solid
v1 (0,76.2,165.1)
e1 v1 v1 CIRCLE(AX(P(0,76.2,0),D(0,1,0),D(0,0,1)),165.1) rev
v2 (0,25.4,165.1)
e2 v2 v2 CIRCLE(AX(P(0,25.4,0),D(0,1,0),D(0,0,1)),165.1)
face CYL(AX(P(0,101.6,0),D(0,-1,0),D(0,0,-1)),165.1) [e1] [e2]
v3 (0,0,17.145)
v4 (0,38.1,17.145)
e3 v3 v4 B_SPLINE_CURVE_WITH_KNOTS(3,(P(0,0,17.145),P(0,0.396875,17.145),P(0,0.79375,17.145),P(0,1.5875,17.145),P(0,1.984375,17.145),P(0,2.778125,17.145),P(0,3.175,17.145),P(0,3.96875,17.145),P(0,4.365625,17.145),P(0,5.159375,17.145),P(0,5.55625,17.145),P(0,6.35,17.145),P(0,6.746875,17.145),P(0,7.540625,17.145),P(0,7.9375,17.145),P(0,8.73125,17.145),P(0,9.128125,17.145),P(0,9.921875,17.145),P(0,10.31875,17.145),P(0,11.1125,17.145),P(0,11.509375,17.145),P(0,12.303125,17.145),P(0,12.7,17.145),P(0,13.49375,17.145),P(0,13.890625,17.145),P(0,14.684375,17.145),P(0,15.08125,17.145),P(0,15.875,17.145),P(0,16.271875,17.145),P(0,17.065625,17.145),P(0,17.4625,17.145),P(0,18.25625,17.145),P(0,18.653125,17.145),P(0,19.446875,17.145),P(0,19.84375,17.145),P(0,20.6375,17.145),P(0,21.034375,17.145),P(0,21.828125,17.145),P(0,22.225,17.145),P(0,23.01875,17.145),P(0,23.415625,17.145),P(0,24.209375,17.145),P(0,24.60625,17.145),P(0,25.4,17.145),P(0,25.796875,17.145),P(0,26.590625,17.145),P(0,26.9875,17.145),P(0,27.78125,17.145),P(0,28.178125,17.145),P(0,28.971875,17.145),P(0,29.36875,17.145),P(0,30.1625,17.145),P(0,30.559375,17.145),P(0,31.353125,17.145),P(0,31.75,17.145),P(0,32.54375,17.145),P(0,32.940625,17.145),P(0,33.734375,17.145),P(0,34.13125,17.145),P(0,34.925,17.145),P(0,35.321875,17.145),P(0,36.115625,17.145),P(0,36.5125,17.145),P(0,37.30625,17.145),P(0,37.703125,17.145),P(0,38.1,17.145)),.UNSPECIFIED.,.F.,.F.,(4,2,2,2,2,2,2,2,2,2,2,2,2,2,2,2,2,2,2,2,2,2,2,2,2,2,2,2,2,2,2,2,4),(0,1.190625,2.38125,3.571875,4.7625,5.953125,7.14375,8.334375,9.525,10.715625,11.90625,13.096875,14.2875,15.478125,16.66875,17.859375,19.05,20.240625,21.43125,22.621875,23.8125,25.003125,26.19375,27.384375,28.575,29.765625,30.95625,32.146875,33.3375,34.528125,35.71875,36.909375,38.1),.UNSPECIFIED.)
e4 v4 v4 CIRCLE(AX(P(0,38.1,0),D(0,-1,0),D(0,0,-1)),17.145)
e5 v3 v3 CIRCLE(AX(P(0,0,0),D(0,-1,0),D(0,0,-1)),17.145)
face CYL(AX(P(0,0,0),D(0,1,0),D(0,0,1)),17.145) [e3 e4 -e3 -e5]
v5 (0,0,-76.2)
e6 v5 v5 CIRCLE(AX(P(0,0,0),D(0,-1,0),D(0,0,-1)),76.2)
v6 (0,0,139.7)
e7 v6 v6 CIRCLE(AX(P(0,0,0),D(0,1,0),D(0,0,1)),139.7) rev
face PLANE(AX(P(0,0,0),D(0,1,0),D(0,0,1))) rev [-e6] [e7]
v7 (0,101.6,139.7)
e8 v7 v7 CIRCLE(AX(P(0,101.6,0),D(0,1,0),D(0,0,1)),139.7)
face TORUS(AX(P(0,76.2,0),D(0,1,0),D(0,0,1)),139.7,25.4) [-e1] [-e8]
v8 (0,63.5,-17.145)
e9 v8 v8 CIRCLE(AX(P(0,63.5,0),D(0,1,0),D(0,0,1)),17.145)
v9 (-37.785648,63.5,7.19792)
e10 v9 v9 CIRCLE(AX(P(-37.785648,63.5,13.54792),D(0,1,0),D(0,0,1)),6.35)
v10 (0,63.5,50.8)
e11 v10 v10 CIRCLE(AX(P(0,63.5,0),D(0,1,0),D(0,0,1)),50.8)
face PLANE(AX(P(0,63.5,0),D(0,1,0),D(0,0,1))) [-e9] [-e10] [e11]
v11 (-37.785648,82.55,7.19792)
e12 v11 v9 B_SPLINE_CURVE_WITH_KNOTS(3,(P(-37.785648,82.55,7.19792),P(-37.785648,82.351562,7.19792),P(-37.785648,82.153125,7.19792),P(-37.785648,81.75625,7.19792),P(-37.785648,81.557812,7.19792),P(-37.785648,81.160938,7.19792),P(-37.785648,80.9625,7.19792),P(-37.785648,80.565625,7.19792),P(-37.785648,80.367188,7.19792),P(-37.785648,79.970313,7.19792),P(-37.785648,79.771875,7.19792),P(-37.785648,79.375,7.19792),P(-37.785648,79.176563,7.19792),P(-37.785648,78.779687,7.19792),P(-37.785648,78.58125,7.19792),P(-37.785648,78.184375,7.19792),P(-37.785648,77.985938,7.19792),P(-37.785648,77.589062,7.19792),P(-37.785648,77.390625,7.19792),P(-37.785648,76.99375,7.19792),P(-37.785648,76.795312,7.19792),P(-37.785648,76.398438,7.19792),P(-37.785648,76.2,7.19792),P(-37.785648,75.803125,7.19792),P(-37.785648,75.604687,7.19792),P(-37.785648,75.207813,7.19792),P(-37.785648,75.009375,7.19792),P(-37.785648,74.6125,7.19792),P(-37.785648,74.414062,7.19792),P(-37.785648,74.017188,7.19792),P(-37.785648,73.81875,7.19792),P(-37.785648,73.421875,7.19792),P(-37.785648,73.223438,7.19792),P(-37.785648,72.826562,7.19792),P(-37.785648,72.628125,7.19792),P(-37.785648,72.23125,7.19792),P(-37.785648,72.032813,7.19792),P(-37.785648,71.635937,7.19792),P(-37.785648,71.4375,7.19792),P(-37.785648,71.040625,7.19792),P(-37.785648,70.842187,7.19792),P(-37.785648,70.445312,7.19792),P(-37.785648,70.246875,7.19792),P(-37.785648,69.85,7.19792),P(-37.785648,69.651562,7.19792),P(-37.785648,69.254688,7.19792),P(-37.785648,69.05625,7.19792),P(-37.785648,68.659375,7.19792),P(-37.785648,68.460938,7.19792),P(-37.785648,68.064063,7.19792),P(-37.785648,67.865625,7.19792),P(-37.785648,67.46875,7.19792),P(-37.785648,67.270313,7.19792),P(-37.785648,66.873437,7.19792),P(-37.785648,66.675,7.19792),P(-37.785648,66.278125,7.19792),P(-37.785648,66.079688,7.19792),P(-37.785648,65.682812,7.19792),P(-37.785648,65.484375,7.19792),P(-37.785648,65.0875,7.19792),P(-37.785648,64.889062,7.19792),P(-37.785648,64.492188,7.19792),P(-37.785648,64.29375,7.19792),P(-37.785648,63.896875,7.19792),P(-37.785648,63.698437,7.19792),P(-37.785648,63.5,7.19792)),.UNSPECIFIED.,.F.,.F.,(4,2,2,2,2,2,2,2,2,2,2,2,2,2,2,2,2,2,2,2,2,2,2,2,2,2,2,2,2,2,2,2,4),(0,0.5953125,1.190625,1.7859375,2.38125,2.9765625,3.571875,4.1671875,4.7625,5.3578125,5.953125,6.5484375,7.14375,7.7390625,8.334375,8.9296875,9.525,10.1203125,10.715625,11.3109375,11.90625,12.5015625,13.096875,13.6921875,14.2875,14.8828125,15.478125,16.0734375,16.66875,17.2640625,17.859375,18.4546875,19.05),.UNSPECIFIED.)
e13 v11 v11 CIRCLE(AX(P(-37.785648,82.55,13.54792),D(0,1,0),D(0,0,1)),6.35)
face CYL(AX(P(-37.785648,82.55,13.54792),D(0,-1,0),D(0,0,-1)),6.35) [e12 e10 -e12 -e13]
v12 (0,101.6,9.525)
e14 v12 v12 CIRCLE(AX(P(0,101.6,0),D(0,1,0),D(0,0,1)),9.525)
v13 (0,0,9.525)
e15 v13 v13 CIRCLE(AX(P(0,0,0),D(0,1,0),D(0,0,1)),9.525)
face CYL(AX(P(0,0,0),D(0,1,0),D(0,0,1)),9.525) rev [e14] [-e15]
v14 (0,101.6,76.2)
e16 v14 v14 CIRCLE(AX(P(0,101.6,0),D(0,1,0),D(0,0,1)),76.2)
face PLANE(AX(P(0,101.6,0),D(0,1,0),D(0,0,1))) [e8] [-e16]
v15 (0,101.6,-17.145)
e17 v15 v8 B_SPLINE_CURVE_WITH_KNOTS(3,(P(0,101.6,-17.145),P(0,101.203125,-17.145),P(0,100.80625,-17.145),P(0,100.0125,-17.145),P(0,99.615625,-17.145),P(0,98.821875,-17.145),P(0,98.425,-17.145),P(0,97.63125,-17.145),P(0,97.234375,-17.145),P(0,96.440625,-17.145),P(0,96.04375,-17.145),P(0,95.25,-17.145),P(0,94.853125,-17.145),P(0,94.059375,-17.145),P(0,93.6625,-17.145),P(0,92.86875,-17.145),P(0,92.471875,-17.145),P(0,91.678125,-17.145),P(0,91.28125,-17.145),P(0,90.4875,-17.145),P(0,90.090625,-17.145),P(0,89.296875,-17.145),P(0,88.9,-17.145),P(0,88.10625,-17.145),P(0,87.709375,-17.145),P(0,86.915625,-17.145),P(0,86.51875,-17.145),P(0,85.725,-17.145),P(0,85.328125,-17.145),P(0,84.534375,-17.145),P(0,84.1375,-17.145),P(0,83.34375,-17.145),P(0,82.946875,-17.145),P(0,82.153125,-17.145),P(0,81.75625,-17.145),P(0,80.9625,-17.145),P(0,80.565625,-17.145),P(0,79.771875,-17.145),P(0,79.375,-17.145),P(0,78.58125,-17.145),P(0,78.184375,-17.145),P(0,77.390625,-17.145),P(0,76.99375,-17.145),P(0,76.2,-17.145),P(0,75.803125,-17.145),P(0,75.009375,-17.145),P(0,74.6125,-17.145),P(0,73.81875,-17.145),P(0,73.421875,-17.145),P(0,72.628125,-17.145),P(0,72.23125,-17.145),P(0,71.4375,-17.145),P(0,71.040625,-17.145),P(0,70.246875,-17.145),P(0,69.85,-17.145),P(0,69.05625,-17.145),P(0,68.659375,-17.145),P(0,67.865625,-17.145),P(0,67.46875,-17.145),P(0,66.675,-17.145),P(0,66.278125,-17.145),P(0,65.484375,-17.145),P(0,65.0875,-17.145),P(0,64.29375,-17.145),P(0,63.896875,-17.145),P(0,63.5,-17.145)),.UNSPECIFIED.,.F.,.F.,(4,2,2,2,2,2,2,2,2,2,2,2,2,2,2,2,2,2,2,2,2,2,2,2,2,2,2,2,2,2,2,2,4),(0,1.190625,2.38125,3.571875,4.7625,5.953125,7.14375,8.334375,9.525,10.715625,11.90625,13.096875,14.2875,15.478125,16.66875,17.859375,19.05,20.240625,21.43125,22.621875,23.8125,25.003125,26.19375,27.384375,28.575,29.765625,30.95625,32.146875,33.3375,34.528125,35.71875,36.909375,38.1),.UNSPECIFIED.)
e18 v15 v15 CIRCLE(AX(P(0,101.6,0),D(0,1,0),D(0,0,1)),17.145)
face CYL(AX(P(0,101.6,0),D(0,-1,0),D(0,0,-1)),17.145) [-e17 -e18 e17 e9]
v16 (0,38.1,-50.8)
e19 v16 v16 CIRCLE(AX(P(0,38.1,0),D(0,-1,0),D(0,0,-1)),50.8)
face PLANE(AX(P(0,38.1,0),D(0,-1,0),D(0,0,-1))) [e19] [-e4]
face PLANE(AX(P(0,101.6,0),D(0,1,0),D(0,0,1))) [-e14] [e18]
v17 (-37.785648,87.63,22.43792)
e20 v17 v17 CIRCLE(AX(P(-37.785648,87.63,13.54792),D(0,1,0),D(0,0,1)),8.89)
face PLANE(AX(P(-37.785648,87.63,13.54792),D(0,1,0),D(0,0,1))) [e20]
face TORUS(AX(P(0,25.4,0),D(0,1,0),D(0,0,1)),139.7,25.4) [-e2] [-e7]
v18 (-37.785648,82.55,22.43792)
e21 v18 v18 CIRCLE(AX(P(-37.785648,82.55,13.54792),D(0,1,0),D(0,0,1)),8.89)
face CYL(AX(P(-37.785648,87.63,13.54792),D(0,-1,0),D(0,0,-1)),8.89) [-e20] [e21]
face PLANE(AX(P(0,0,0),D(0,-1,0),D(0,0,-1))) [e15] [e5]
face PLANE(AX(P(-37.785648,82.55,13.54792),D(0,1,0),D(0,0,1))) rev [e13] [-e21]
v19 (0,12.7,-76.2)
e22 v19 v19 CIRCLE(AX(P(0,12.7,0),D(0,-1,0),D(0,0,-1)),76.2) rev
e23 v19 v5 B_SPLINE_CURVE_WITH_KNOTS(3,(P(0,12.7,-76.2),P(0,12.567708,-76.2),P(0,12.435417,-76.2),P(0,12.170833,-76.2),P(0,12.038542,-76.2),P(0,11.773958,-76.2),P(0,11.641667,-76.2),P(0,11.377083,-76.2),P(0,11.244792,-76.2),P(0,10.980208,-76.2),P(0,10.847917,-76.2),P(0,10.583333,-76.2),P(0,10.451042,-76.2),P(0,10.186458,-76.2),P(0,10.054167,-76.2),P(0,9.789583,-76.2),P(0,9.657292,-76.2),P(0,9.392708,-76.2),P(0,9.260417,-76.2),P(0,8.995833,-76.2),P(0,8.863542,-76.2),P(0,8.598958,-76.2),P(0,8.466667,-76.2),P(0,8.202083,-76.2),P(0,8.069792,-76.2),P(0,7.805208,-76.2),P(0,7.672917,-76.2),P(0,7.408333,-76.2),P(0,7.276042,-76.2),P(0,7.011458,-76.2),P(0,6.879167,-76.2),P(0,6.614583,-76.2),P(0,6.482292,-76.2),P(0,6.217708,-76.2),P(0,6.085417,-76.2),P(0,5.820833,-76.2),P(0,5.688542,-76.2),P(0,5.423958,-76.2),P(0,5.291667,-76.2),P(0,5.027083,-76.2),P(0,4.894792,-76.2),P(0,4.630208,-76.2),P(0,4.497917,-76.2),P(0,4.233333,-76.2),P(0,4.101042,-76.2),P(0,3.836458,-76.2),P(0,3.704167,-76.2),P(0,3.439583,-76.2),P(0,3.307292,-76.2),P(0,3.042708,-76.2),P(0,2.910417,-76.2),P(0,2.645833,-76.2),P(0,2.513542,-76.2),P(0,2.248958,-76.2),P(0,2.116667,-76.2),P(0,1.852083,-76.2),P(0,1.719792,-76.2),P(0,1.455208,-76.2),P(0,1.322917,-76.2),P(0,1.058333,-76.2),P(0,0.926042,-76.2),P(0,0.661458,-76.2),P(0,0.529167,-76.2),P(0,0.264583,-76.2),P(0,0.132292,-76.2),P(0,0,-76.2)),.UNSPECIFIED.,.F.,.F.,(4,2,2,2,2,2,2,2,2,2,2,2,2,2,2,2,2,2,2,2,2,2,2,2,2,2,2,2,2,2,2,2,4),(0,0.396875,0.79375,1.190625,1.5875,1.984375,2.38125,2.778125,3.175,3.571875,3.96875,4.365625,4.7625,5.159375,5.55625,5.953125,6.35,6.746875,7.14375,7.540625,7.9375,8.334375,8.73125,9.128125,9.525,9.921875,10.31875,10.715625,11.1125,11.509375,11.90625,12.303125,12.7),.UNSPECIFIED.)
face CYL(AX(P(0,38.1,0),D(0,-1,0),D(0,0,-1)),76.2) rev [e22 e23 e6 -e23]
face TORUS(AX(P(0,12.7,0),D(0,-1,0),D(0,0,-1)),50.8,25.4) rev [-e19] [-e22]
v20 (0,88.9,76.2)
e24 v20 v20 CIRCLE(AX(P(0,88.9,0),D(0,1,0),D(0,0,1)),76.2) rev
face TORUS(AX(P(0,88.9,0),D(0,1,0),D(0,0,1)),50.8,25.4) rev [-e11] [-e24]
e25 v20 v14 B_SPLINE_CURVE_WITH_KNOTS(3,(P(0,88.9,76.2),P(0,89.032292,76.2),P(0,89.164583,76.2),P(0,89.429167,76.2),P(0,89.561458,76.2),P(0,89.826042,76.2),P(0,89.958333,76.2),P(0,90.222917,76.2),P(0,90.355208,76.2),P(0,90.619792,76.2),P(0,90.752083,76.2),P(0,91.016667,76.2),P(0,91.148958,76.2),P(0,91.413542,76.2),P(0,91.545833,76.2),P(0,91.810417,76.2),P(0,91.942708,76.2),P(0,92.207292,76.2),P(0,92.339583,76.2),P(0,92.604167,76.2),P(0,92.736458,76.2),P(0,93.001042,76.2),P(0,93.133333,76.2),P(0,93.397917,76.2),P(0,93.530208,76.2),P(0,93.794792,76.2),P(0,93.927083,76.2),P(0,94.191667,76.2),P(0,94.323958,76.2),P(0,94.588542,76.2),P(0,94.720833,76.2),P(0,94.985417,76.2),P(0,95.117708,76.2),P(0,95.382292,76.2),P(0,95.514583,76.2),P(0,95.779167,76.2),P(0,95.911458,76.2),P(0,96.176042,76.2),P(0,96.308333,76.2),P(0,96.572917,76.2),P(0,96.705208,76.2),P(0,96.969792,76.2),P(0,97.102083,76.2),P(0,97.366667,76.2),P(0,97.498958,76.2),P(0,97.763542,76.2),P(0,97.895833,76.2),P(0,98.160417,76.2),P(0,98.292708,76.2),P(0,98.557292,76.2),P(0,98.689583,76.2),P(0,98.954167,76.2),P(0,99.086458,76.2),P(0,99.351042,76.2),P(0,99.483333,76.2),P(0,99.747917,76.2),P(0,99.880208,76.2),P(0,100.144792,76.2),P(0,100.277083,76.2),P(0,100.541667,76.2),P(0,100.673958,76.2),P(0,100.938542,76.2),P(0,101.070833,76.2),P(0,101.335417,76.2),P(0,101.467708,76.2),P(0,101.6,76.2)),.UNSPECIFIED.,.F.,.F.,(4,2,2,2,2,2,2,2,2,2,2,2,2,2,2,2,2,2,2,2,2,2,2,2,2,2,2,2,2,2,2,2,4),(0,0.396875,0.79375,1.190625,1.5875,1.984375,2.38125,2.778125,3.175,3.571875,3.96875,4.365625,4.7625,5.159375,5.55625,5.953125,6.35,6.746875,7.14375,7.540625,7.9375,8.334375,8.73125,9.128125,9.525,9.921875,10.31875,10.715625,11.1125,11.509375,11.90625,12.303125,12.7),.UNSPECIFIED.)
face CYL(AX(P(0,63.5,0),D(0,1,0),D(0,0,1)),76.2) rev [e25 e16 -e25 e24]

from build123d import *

# Parameters (mm, degrees)
SKETCH1_R           = 165.1
BOSS_EXTRUDE2_DEPTH = 101.6
SKETCH2_R           = 76.2
CUT_EXTRUDE1_DEPTH  = 38.1
FILLET3_R           = 25.4
FILLET4_R           = 25.4
CUT_EXTRUDE2_START  = -38.1
SKETCH3_R           = 76.2
CUT_EXTRUDE2_DEPTH  = 38.1
FILLET5_R           = 25.4
FILLET6_R           = 25.4
SKETCH4_R           = 17.145
BOSS_EXTRUDE3_DEPTH = 38.1
BOSS_EXTRUDE4_START = 38.1
SKETCH5_R           = 17.145
BOSS_EXTRUDE4_DEPTH = 38.1
SKETCH6_R           = 9.525
CUT_EXTRUDE3_DEPTH  = 255.634208358
SKETCH7_R           = 6.35
BOSS_EXTRUDE5_DEPTH = 19.05
SKETCH8_R           = 8.89
BOSS_EXTRUDE6_DEPTH = 5.08


with BuildPart() as part:
    # Sketch1 → Boss-Extrude2 (new body)
    with BuildSketch(Plane(origin=(0, 0, 0), x_dir=(1, 0, 0), z_dir=(0, 1, 0))):
        with Locations(Location((0, 0, 0), (0, 0, 270))):
            Circle(SKETCH1_R)
    extrude(amount=BOSS_EXTRUDE2_DEPTH)

    # Sketch2 → Cut-Extrude1 (cut)
    with BuildSketch(Plane(origin=(0, 101.6, 0), x_dir=(1, 0, 0), z_dir=(0, 1, 0))):
        with Locations(Location((0, 0, 0), (0, 0, 270))):
            Circle(SKETCH2_R)
    extrude(amount=-CUT_EXTRUDE1_DEPTH, mode=Mode.SUBTRACT)

    # Fillet3
    fillet3_edges = [part.edges().sort_by_distance(p)[0] for p in [
        (0, 63.5, -76.2),
    ]]
    fillet(fillet3_edges, radius=FILLET3_R)

    # Fillet4
    fillet4_edges = [part.edges().sort_by_distance(p)[0] for p in [
        (0, 101.6, -165.1),
    ]]
    fillet(fillet4_edges, radius=FILLET4_R)

    # Sketch3 → Cut-Extrude2 (cut)
    with BuildSketch(Plane(origin=(0, 0, 0), x_dir=(-1, 0, 0), z_dir=(0, -1, 0)).offset(CUT_EXTRUDE2_START)):
        with Locations(Location((0, 0, 0), (0, 0, 270))):
            Circle(SKETCH3_R)
    extrude(amount=CUT_EXTRUDE2_DEPTH, mode=Mode.SUBTRACT)

    # Fillet5
    fillet5_edges = [part.edges().sort_by_distance(p)[0] for p in [
        (0, 38.1, -76.2),
    ]]
    fillet(fillet5_edges, radius=FILLET5_R)

    # Fillet6
    fillet6_edges = [part.edges().sort_by_distance(p)[0] for p in [
        (0, 0, -165.1),
    ]]
    fillet(fillet6_edges, radius=FILLET6_R)

    # Sketch4 → Boss-Extrude3 (add)
    with BuildSketch(Plane(origin=(0, 38.1, 0), x_dir=(-1, 0, 0), z_dir=(0, -1, 0))):
        with Locations(Location((0, 0, 0), (0, 0, 270))):
            Circle(SKETCH4_R)
    extrude(amount=BOSS_EXTRUDE3_DEPTH)

    # Sketch5 → Boss-Extrude4 (add)
    with BuildSketch(Plane(origin=(0, 63.5, 0), x_dir=(1, 0, 0), z_dir=(0, 1, 0)).offset(BOSS_EXTRUDE4_START)):
        with Locations(Location((0, 0, 0), (0, 0, 270))):
            Circle(SKETCH5_R)
    extrude(amount=-BOSS_EXTRUDE4_DEPTH)

    # Sketch6 → Cut-Extrude3 (cut, through all)
    with BuildSketch(Plane(origin=(0, 101.6, 0), x_dir=(1, 0, 0), z_dir=(0, 1, 0))):
        with Locations(Location((0, 0, 0), (0, 0, 270))):
            Circle(SKETCH6_R)
    extrude(amount=-CUT_EXTRUDE3_DEPTH, mode=Mode.SUBTRACT)

    # Sketch7 → Boss-Extrude5 (add)
    with BuildSketch(Plane(origin=(0, 63.5, 0), x_dir=(1, 0, 0), z_dir=(0, 1, 0))):
        with Locations(Location((-37.785648207, -13.547919649, 0), (0, 0, 90))):
            Circle(SKETCH7_R)
    extrude(amount=BOSS_EXTRUDE5_DEPTH)

    # Sketch8 → Boss-Extrude6 (add)
    with BuildSketch(Plane(origin=(0, 82.55, 0), x_dir=(1, 0, 0), z_dir=(0, 1, 0))):
        with Locations(Location((-37.785648207, -13.547919649, 0), (0, 0, 270))):
            Circle(SKETCH8_R)
    extrude(amount=BOSS_EXTRUDE6_DEPTH)


solid = part.part
